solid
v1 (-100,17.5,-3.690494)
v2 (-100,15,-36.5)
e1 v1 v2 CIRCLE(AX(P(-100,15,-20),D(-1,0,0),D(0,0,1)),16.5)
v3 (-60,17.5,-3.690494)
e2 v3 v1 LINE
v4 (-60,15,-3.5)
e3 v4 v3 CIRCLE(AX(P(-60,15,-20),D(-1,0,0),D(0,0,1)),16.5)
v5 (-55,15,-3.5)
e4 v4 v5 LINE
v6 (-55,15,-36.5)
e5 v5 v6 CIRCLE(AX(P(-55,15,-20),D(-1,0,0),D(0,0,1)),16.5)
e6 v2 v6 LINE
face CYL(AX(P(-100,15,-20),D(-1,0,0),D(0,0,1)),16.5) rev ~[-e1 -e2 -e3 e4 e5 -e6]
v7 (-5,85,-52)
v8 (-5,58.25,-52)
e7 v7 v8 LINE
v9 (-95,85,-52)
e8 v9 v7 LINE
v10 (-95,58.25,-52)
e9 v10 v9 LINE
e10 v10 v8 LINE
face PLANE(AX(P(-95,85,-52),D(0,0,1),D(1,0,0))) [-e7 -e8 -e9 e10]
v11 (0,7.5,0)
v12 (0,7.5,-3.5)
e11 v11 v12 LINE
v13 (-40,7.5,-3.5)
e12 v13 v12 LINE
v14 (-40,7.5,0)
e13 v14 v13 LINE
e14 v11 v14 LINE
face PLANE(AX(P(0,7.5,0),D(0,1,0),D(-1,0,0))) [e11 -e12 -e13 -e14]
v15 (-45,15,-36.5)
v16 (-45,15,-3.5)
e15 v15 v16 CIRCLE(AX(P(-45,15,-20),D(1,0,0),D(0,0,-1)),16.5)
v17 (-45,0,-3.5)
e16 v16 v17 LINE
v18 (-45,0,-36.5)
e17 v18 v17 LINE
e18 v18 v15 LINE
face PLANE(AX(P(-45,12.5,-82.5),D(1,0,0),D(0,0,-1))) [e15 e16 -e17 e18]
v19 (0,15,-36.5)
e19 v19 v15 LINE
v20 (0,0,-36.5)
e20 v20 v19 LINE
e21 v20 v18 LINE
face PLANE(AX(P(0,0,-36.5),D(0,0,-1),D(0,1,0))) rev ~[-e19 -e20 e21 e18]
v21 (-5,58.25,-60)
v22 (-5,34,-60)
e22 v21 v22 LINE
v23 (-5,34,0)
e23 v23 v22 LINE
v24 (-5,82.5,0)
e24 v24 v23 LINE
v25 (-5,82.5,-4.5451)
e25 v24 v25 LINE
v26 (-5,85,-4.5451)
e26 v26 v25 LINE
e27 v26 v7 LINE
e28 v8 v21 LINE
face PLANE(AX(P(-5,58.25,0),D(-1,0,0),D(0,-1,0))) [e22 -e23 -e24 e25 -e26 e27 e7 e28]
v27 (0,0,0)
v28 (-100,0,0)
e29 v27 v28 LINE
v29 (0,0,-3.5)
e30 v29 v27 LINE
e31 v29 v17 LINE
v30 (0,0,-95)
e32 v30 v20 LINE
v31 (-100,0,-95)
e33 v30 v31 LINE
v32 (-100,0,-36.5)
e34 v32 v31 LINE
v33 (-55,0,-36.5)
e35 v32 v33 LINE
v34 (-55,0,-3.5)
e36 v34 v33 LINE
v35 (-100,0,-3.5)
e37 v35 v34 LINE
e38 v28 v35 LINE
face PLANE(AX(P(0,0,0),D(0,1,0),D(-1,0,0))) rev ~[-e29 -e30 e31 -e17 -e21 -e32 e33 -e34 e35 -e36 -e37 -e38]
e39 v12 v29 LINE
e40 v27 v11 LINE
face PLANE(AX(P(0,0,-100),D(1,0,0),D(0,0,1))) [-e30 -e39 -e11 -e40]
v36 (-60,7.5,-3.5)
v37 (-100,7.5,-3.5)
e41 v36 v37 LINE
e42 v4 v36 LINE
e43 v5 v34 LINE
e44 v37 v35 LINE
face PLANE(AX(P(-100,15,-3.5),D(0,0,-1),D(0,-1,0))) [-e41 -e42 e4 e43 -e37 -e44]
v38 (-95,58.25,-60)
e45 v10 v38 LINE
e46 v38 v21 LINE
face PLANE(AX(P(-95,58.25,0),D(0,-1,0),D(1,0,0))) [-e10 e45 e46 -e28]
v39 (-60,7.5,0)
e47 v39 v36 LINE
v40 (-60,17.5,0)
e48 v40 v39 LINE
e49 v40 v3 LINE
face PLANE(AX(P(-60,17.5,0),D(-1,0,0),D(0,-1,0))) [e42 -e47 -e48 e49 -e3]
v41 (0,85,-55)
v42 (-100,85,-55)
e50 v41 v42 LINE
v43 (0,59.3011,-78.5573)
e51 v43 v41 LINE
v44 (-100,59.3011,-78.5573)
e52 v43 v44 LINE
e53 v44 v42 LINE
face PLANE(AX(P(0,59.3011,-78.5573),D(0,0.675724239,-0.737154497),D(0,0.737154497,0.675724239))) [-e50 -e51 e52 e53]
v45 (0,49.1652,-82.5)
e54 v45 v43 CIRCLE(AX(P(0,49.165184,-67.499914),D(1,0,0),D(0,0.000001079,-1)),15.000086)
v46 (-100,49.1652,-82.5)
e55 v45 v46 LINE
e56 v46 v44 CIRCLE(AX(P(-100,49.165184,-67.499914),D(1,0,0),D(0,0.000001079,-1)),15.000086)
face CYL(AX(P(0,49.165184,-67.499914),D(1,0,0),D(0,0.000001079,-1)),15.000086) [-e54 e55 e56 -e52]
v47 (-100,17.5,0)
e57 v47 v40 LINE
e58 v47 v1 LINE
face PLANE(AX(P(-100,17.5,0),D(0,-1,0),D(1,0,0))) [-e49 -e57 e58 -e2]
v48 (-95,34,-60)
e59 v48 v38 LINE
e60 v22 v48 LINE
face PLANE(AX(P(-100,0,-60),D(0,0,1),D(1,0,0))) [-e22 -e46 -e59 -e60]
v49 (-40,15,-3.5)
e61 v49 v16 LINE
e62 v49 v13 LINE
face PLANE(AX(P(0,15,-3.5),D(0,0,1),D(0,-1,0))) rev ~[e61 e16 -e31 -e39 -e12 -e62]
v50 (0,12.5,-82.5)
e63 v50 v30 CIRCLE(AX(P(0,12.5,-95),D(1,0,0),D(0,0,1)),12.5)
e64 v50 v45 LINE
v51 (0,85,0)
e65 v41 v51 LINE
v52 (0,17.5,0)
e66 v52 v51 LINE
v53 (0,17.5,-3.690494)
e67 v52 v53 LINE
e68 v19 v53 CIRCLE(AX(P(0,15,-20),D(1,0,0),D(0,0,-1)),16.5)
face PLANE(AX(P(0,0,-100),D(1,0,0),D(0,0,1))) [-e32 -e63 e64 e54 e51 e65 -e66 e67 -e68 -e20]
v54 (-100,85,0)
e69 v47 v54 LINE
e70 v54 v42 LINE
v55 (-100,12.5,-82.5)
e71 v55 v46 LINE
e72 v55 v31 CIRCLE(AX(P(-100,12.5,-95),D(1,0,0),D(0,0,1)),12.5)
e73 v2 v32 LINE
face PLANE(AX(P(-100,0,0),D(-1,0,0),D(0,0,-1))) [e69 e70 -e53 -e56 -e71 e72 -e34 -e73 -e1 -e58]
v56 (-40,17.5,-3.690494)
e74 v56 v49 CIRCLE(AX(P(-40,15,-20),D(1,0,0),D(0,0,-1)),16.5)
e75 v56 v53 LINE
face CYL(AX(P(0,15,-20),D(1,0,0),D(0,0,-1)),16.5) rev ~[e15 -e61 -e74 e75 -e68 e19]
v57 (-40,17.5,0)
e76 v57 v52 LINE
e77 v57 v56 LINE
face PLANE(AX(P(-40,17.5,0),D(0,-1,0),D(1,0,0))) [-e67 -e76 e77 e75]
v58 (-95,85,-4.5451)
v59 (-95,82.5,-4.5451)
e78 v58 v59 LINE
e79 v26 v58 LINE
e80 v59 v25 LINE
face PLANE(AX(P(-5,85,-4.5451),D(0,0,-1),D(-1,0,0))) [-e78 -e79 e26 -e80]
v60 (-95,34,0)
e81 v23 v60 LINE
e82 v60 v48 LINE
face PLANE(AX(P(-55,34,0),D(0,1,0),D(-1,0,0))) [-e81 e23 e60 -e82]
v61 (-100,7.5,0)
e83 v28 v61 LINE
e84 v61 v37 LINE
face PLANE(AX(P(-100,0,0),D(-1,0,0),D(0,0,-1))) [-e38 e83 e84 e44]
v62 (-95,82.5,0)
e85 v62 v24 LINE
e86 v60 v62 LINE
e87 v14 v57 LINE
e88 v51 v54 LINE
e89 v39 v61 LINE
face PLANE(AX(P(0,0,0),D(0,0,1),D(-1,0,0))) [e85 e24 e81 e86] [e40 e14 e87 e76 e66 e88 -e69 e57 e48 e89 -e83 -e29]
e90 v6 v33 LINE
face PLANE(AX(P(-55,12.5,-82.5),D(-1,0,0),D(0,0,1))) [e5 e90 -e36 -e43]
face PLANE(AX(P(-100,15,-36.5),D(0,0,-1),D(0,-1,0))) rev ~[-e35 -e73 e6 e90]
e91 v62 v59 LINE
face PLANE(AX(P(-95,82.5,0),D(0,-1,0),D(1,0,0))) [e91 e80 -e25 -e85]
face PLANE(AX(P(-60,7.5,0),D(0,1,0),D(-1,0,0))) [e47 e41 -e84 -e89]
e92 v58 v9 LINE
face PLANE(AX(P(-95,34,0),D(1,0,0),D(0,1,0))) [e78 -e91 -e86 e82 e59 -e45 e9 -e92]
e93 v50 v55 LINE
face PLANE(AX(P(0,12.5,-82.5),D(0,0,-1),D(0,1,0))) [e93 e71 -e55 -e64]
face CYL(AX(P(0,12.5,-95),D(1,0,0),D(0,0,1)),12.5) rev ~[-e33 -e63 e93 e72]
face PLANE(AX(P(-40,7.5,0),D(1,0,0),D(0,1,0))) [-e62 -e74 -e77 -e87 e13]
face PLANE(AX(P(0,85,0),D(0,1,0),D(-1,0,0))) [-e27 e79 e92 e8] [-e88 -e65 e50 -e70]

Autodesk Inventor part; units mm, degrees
ref_plane "YZ Plane" through (0, 0, 0) normal (1, 0, 0) x (0, 1, 0)
ref_plane "XZ Plane" through (0, 0, 0) normal (0, 1, 0) x (-1, 0, 0)
ref_plane "XY Plane" through (0, 0, 0) normal (0, 0, 1) x (1, 0, 0)
sketch "Esboço1" plane through (0, 0, 0) normal (0, 1, 0) x (-1, 0, 0)
  line L0 (0, 0) -> (100, 0)
  line L1 (100, 0) -> (100, -100)
  line L2 (100, -100) -> (0, -100)
  line L3 (0, -100) -> (0, 0)
  dimension "d0" = 100
  dimension "d1" = 100
extrude "Extrusão1" add sketch "Esboço1" along normal blind 85
sketch "Esboço2" plane through (0, 0, 0) normal (1, 0, 0) x (0, 0, -1)
  line L0 (100, 0) -> (0, 0) projected
  line L1 (0, 0) -> (20, 0)
  circle A0 centre (20, 15) radius 15
  line L2 (35, 15) -> (35, 0)
  line L3 (5, 15) -> (5, 0)
  line L4 (100, 85) -> (0, 85) projected
  line L5 (100, 0) -> (100, 85) projected
  line L6 (0, 85) -> (25, 85)
  line L7 (100, 10) -> (100, 0)
  line L8 (100, 0) -> (95, 0)
  line L9 (0, 0) -> (0, 85)
  line L10 (100, 0) -> (89.5, 0)
  line L11 (82.5, 12.5) -> (82.5, 49.1652)
  line L12 (0, 85) -> (55, 85)
  line L13 (100, 85) -> (100, 0)
  line L14 (100, 0) -> (0, 0)
  line L15 (0, 0) -> (0, 85)
  line L16 (78.5573, 59.3011) -> (55, 85)
  arc A1 (82.5, 49.1652) -> (78.5573, 59.3011) centre (67.5, 49.1652) ccw
  arc A2 (82.5, 12.5) -> (95, 0) centre (95, 12.5) ccw
  point P0 (82.5, 0)
  point P1 (82.5, 85)
  point P2 (5, 0)
  dimension "d6" = 30
  dimension "d8" = 17.5
  dimension "d11" = 15
  dimension "d12" = 12.5
extrude "Extrusão2" cut sketch "Esboço2" against normal blind 100 contours L0 A2 L11 A1 L16 L4 L5
extrude "Extrusão3" cut sketch "Esboço2" against normal blind 45 contours L0 A0 L2 | L0 L3 A0 | A0
sketch "Esboço3" plane through (-100, 0, 0) normal (-1, 0, 0) x (0, 0, 1)
  arc A0 (-5, 15) -> (-35, 15) centre (-20, 15) ccw projected
  line L0 (-20, 15) -> (-20, 0)
  line L1 (-95, 0) -> (0, 0) projected
  circle A1 centre (-20, 15) radius 15
  line L2 (-35, 15) -> (-35, -0.9881)
  line L3 (-5, 0) -> (-5, 15) projected
  line L4 (-5, 15) -> (-5, 0)
  line L5 (-35, 0) -> (-5, 0)
extrude "Extrusão4" cut sketch "Esboço3" against normal blind 45
sketch "Esboço4" plane through (-100, 0, 0) normal (0, 0, 1) x (1, 0, 0)
  line L0 (0, 0) -> (0, 12.5) projected
  line L1 (0, 12.5) -> (0, 17.5)
  line L2 (0, 49.1652) -> (0, 12.5) projected
  line L3 (0, 17.5) -> (0, 7.5)
  line L4 (0, 17.5) -> (40, 17.5)
  line L5 (45, 15) -> (45, 30) projected
  line L6 (40, 17.5) -> (40, 7.5)
  line L7 (40, 7.5) -> (0, 7.5)
  line L8 (100, 12.5) -> (100, 49.1652) projected
  line L9 (100, 17.5) -> (100, 7.5)
  line L10 (100, 7.5) -> (60, 7.5)
  line L11 (60, 7.5) -> (60, 17.5)
  line L12 (60, 17.5) -> (100, 17.5)
  line L13 (45, 30) -> (45, 34)
  line L14 (45, 34) -> (95, 34)
  line L15 (45, 34) -> (5, 34)
  line L16 (5, 34) -> (95, 34)
  line L17 (5, 34) -> (5, 82.5)
  line L18 (5, 82.5) -> (95, 82.5)
  line L19 (95, 82.5) -> (95, 34)
  line L20 (5, 34) -> (5, 61.5)
  line L21 (5, 34) -> (5, 58.25)
  line L22 (5, 58.25) -> (95, 58.25)
  line L23 (95, 58.25) -> (95, 34)
  line L24 (95, 34) -> (5, 34)
  point P0 (100, 0)
  dimension "d20" = 10
  dimension "d22" = 40
  dimension "d27" = 48.5
extrude "Extrusão5" cut sketch "Esboço4" against normal blind 10 contours L0 L1 L4 L6 L7 | L9 L10 L11 L12 L8
extrude "Extrusão6" cut sketch "Esboço4" against normal blind 52 contours L22 L17 L18 L19
extrude "Extrusão7" cut sketch "Esboço4" against normal blind 60 contours L15 L17 L22 L19 L14
sketch "Esboço5" plane through (0, 85, 0) normal (0, 1, 0) x (1, 0, 0)
  line L0 (-95, 0) -> (-95, 52) projected
  line L1 (-95, 4.5451) -> (-95, 52)
  line L2 (-5, 0) -> (-5, 52) projected
  line L3 (-95, 52) -> (-5, 52)
  line L4 (-5, 52) -> (-5, 4.5451)
  line L5 (-5, 4.5451) -> (-95, 4.5451)
  point P0 (0, 0)
extrude "Extrusão8" cut sketch "Esboço5" against normal blind 10.75
sketch "Esboço6" plane through (-100, 12.5, -82.5) normal (-1, 0, 0) x (0, 0, 1)
  arc A0 (77.2902, 5) -> (47.5, 2.5) centre (62.5, 2.5) ccw projected
  circle A1 centre (62.5, 2.5) radius 16.5
  line L0 (46, 2.5) -> (46, -12.5)
  line L1 (79, 2.5) -> (79, -12.5)
  line L2 (82.5, 5) -> (82.5, -5) projected
  line L3 (46, -12.5) -> (79, -12.5)
  line L4 (77.5, -12.5) -> (82.5, -12.5) projected
  dimension "d37" = 33
extrude "Extrusão9" cut sketch "Esboço6" against normal blind 45 contours A1 L3 | L1 L3 A1 | A1 L3 L0 picked at (60.7652, -1.3921)
sketch "Esboço7" plane through (0, 12.5, -82.5) normal (1, 0, 0) x (0, 0, -1)
  arc A0 (-46, 2.5) -> (-79, 2.5) centre (-62.5, 2.5) ccw projected
  circle A1 centre (-62.5, 2.5) radius 16.5
  line L0 (-79, -12.5) -> (-82.5, -12.5) projected
  line L1 (-79, 2.5) -> (-79, -12.5)
  line L2 (-79, -12.5) -> (-46, -12.5)
  line L3 (-46, -12.5) -> (-46, 2.5)
  dimension "d40" = 33
extrude "Extrusão10" cut sketch "Esboço7" against normal blind 45 contours A1 L2 A0 | L3 L2 A1 | A1 L2 L1
properties part number "mini sumô rascunho v2"
